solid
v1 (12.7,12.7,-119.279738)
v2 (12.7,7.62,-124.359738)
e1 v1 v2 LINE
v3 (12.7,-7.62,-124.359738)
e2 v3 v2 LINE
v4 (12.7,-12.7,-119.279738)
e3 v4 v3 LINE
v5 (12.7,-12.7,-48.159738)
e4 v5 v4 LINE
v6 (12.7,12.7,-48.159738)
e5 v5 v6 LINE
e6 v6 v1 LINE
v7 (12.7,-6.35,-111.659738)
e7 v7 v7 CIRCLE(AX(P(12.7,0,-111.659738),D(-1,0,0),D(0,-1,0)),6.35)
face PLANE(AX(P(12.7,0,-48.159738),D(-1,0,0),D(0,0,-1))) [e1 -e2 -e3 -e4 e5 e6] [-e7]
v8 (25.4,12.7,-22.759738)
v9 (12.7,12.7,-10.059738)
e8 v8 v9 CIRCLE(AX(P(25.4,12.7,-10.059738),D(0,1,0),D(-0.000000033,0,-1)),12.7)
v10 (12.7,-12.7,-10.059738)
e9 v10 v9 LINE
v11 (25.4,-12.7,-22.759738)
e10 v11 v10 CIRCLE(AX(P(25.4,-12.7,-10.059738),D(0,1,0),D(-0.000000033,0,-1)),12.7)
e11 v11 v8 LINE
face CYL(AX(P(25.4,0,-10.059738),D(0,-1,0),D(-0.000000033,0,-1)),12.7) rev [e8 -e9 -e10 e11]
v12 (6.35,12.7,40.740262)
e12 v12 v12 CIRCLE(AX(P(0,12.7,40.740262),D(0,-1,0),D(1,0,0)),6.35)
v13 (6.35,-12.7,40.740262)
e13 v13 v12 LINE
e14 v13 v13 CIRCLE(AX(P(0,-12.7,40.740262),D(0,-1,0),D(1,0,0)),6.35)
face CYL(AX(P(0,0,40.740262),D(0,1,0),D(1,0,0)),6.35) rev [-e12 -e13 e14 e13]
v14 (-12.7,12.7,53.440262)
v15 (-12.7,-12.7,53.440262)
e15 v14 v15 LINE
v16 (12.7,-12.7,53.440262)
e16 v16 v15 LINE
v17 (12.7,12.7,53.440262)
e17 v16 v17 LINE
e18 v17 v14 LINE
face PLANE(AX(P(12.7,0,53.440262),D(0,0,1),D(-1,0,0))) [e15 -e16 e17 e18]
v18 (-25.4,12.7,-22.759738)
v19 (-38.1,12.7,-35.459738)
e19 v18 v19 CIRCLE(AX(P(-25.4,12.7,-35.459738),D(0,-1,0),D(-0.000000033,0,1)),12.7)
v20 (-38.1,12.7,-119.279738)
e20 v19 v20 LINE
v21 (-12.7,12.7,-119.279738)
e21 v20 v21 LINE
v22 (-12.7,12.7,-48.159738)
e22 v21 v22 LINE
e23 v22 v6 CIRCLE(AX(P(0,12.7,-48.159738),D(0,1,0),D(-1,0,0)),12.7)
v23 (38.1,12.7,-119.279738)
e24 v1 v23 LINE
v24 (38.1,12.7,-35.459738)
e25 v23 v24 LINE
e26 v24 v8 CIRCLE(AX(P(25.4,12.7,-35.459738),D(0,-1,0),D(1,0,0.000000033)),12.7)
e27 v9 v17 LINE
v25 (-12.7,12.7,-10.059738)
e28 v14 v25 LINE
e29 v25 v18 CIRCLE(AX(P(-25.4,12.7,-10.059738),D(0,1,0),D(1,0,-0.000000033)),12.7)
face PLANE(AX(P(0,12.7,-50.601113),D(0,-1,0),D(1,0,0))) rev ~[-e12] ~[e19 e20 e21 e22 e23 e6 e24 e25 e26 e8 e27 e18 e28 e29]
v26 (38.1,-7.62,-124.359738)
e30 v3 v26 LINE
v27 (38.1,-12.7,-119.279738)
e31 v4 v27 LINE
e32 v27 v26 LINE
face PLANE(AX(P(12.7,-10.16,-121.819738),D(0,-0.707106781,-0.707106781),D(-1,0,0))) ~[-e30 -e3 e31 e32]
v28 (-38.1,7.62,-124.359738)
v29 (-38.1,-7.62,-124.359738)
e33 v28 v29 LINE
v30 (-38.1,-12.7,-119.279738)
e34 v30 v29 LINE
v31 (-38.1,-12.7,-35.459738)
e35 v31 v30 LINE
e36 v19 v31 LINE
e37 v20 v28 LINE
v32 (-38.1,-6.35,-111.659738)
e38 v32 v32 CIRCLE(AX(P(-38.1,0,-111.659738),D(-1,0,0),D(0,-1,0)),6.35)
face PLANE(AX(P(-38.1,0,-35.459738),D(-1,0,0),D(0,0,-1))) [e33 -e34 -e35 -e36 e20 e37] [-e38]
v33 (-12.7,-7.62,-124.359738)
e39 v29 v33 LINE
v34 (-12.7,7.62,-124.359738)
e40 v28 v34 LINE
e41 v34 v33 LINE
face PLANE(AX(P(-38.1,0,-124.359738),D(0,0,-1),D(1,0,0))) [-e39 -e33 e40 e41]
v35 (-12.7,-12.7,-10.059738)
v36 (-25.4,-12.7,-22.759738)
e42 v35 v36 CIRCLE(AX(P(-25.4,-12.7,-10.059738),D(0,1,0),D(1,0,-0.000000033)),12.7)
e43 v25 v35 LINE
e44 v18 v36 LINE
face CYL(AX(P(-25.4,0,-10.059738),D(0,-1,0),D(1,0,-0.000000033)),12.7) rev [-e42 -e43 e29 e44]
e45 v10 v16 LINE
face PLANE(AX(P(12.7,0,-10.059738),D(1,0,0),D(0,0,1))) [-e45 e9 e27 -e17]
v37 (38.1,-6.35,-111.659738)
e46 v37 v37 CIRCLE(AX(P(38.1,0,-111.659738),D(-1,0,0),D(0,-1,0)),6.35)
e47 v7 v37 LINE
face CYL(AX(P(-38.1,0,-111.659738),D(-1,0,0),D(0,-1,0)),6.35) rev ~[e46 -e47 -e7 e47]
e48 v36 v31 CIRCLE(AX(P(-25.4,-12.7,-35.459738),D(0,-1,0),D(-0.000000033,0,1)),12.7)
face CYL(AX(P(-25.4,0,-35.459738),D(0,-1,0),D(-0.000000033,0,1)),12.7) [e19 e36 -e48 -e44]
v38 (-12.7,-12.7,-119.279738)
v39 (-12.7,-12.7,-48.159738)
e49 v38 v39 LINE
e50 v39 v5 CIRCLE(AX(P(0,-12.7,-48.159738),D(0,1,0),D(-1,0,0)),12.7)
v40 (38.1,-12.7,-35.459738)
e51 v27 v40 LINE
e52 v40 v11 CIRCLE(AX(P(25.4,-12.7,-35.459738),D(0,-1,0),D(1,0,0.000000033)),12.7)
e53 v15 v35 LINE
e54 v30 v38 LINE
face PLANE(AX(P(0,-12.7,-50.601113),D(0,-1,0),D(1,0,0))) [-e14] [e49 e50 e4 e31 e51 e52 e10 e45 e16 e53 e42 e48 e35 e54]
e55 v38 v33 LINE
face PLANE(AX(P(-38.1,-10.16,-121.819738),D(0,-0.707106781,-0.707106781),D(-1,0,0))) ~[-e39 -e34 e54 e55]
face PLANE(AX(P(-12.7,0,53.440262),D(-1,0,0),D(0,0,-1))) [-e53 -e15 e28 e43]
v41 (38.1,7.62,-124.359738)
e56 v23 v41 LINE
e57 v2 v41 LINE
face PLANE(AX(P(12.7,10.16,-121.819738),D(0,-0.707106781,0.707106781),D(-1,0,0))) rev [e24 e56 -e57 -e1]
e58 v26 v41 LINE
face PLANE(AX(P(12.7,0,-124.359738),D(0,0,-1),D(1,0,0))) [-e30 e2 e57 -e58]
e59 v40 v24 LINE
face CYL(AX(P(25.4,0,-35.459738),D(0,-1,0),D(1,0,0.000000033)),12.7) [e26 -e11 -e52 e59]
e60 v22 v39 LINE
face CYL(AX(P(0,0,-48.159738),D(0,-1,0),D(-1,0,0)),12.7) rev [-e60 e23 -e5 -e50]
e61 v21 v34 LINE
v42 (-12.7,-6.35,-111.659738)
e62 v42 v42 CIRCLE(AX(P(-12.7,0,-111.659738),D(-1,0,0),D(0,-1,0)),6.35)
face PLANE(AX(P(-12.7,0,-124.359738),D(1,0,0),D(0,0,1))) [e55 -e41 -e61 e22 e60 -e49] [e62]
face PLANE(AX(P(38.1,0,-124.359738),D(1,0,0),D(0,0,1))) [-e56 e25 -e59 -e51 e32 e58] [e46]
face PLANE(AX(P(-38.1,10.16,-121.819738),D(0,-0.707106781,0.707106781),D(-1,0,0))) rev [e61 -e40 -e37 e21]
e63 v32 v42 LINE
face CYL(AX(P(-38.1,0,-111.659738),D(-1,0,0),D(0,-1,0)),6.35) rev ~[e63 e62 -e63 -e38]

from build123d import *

# Parameters (mm, degrees)
F0_R     = 6.35
F1_DEPTH = 12.7
F2_R     = 6.35
F3_DEPTH = 76.2
F4_SIZE  = 5.08


with BuildPart() as f1:
    # F0 (on Front) → F1 (new body, symmetric)
    with BuildSketch(Plane.XZ):
        with BuildLine():
            Line((12.7, 53.440262), (-12.7, 53.440262))
            Line((-12.7, 53.440262), (-12.7, -10.059738))
            ThreePointArc((-12.7, -10.059738), (-16.419744, -19.039994), (-25.4, -22.759738))
            ThreePointArc((-25.4, -22.759738), (-34.380256, -26.479482), (-38.1, -35.459738))
            Line((-38.1, -35.459738), (-38.1, -124.359738))
            Line((-38.1, -124.359738), (-12.7, -124.359738))
            Line((-12.7, -124.359738), (-12.7, -48.159738))
            ThreePointArc((-12.7, -48.159738), (0, -35.459738), (12.7, -48.159738))
            Line((12.7, -48.159738), (12.7, -124.359738))
            Line((12.7, -124.359738), (38.1, -124.359738))
            Line((38.1, -124.359738), (38.1, -35.459738))
            ThreePointArc((38.1, -35.459738), (34.380256, -26.479482), (25.4, -22.759738))
            ThreePointArc((25.4, -22.759738), (16.419744, -19.039994), (12.7, -10.059738))
            Line((12.7, -10.059738), (12.7, 53.440262))
        make_face()
        with Locations((0, 40.740262)):
            Circle(F0_R, mode=Mode.SUBTRACT)
    extrude(amount=F1_DEPTH, both=True)

    # F2 (on face) → F3 (cut)
    with BuildSketch(Plane(origin=(-38.1, 0, 0), x_dir=(0, -1, 0), z_dir=(-1, 0, 0))):
        with Locations((0, -111.659738)):
            Circle(F2_R)
    extrude(amount=-F3_DEPTH, mode=Mode.SUBTRACT)

    # F4
    f4_edges = [f1.edges().sort_by_distance(p)[0] for p in [
        (-25.4, -12.7, -124.359738),
        (25.4, -12.7, -124.359738),
        (25.4, 12.7, -124.359738),
        (-25.4, 12.7, -124.359738),
    ]]
    chamfer(f4_edges, length=F4_SIZE)


solid = f1.part
